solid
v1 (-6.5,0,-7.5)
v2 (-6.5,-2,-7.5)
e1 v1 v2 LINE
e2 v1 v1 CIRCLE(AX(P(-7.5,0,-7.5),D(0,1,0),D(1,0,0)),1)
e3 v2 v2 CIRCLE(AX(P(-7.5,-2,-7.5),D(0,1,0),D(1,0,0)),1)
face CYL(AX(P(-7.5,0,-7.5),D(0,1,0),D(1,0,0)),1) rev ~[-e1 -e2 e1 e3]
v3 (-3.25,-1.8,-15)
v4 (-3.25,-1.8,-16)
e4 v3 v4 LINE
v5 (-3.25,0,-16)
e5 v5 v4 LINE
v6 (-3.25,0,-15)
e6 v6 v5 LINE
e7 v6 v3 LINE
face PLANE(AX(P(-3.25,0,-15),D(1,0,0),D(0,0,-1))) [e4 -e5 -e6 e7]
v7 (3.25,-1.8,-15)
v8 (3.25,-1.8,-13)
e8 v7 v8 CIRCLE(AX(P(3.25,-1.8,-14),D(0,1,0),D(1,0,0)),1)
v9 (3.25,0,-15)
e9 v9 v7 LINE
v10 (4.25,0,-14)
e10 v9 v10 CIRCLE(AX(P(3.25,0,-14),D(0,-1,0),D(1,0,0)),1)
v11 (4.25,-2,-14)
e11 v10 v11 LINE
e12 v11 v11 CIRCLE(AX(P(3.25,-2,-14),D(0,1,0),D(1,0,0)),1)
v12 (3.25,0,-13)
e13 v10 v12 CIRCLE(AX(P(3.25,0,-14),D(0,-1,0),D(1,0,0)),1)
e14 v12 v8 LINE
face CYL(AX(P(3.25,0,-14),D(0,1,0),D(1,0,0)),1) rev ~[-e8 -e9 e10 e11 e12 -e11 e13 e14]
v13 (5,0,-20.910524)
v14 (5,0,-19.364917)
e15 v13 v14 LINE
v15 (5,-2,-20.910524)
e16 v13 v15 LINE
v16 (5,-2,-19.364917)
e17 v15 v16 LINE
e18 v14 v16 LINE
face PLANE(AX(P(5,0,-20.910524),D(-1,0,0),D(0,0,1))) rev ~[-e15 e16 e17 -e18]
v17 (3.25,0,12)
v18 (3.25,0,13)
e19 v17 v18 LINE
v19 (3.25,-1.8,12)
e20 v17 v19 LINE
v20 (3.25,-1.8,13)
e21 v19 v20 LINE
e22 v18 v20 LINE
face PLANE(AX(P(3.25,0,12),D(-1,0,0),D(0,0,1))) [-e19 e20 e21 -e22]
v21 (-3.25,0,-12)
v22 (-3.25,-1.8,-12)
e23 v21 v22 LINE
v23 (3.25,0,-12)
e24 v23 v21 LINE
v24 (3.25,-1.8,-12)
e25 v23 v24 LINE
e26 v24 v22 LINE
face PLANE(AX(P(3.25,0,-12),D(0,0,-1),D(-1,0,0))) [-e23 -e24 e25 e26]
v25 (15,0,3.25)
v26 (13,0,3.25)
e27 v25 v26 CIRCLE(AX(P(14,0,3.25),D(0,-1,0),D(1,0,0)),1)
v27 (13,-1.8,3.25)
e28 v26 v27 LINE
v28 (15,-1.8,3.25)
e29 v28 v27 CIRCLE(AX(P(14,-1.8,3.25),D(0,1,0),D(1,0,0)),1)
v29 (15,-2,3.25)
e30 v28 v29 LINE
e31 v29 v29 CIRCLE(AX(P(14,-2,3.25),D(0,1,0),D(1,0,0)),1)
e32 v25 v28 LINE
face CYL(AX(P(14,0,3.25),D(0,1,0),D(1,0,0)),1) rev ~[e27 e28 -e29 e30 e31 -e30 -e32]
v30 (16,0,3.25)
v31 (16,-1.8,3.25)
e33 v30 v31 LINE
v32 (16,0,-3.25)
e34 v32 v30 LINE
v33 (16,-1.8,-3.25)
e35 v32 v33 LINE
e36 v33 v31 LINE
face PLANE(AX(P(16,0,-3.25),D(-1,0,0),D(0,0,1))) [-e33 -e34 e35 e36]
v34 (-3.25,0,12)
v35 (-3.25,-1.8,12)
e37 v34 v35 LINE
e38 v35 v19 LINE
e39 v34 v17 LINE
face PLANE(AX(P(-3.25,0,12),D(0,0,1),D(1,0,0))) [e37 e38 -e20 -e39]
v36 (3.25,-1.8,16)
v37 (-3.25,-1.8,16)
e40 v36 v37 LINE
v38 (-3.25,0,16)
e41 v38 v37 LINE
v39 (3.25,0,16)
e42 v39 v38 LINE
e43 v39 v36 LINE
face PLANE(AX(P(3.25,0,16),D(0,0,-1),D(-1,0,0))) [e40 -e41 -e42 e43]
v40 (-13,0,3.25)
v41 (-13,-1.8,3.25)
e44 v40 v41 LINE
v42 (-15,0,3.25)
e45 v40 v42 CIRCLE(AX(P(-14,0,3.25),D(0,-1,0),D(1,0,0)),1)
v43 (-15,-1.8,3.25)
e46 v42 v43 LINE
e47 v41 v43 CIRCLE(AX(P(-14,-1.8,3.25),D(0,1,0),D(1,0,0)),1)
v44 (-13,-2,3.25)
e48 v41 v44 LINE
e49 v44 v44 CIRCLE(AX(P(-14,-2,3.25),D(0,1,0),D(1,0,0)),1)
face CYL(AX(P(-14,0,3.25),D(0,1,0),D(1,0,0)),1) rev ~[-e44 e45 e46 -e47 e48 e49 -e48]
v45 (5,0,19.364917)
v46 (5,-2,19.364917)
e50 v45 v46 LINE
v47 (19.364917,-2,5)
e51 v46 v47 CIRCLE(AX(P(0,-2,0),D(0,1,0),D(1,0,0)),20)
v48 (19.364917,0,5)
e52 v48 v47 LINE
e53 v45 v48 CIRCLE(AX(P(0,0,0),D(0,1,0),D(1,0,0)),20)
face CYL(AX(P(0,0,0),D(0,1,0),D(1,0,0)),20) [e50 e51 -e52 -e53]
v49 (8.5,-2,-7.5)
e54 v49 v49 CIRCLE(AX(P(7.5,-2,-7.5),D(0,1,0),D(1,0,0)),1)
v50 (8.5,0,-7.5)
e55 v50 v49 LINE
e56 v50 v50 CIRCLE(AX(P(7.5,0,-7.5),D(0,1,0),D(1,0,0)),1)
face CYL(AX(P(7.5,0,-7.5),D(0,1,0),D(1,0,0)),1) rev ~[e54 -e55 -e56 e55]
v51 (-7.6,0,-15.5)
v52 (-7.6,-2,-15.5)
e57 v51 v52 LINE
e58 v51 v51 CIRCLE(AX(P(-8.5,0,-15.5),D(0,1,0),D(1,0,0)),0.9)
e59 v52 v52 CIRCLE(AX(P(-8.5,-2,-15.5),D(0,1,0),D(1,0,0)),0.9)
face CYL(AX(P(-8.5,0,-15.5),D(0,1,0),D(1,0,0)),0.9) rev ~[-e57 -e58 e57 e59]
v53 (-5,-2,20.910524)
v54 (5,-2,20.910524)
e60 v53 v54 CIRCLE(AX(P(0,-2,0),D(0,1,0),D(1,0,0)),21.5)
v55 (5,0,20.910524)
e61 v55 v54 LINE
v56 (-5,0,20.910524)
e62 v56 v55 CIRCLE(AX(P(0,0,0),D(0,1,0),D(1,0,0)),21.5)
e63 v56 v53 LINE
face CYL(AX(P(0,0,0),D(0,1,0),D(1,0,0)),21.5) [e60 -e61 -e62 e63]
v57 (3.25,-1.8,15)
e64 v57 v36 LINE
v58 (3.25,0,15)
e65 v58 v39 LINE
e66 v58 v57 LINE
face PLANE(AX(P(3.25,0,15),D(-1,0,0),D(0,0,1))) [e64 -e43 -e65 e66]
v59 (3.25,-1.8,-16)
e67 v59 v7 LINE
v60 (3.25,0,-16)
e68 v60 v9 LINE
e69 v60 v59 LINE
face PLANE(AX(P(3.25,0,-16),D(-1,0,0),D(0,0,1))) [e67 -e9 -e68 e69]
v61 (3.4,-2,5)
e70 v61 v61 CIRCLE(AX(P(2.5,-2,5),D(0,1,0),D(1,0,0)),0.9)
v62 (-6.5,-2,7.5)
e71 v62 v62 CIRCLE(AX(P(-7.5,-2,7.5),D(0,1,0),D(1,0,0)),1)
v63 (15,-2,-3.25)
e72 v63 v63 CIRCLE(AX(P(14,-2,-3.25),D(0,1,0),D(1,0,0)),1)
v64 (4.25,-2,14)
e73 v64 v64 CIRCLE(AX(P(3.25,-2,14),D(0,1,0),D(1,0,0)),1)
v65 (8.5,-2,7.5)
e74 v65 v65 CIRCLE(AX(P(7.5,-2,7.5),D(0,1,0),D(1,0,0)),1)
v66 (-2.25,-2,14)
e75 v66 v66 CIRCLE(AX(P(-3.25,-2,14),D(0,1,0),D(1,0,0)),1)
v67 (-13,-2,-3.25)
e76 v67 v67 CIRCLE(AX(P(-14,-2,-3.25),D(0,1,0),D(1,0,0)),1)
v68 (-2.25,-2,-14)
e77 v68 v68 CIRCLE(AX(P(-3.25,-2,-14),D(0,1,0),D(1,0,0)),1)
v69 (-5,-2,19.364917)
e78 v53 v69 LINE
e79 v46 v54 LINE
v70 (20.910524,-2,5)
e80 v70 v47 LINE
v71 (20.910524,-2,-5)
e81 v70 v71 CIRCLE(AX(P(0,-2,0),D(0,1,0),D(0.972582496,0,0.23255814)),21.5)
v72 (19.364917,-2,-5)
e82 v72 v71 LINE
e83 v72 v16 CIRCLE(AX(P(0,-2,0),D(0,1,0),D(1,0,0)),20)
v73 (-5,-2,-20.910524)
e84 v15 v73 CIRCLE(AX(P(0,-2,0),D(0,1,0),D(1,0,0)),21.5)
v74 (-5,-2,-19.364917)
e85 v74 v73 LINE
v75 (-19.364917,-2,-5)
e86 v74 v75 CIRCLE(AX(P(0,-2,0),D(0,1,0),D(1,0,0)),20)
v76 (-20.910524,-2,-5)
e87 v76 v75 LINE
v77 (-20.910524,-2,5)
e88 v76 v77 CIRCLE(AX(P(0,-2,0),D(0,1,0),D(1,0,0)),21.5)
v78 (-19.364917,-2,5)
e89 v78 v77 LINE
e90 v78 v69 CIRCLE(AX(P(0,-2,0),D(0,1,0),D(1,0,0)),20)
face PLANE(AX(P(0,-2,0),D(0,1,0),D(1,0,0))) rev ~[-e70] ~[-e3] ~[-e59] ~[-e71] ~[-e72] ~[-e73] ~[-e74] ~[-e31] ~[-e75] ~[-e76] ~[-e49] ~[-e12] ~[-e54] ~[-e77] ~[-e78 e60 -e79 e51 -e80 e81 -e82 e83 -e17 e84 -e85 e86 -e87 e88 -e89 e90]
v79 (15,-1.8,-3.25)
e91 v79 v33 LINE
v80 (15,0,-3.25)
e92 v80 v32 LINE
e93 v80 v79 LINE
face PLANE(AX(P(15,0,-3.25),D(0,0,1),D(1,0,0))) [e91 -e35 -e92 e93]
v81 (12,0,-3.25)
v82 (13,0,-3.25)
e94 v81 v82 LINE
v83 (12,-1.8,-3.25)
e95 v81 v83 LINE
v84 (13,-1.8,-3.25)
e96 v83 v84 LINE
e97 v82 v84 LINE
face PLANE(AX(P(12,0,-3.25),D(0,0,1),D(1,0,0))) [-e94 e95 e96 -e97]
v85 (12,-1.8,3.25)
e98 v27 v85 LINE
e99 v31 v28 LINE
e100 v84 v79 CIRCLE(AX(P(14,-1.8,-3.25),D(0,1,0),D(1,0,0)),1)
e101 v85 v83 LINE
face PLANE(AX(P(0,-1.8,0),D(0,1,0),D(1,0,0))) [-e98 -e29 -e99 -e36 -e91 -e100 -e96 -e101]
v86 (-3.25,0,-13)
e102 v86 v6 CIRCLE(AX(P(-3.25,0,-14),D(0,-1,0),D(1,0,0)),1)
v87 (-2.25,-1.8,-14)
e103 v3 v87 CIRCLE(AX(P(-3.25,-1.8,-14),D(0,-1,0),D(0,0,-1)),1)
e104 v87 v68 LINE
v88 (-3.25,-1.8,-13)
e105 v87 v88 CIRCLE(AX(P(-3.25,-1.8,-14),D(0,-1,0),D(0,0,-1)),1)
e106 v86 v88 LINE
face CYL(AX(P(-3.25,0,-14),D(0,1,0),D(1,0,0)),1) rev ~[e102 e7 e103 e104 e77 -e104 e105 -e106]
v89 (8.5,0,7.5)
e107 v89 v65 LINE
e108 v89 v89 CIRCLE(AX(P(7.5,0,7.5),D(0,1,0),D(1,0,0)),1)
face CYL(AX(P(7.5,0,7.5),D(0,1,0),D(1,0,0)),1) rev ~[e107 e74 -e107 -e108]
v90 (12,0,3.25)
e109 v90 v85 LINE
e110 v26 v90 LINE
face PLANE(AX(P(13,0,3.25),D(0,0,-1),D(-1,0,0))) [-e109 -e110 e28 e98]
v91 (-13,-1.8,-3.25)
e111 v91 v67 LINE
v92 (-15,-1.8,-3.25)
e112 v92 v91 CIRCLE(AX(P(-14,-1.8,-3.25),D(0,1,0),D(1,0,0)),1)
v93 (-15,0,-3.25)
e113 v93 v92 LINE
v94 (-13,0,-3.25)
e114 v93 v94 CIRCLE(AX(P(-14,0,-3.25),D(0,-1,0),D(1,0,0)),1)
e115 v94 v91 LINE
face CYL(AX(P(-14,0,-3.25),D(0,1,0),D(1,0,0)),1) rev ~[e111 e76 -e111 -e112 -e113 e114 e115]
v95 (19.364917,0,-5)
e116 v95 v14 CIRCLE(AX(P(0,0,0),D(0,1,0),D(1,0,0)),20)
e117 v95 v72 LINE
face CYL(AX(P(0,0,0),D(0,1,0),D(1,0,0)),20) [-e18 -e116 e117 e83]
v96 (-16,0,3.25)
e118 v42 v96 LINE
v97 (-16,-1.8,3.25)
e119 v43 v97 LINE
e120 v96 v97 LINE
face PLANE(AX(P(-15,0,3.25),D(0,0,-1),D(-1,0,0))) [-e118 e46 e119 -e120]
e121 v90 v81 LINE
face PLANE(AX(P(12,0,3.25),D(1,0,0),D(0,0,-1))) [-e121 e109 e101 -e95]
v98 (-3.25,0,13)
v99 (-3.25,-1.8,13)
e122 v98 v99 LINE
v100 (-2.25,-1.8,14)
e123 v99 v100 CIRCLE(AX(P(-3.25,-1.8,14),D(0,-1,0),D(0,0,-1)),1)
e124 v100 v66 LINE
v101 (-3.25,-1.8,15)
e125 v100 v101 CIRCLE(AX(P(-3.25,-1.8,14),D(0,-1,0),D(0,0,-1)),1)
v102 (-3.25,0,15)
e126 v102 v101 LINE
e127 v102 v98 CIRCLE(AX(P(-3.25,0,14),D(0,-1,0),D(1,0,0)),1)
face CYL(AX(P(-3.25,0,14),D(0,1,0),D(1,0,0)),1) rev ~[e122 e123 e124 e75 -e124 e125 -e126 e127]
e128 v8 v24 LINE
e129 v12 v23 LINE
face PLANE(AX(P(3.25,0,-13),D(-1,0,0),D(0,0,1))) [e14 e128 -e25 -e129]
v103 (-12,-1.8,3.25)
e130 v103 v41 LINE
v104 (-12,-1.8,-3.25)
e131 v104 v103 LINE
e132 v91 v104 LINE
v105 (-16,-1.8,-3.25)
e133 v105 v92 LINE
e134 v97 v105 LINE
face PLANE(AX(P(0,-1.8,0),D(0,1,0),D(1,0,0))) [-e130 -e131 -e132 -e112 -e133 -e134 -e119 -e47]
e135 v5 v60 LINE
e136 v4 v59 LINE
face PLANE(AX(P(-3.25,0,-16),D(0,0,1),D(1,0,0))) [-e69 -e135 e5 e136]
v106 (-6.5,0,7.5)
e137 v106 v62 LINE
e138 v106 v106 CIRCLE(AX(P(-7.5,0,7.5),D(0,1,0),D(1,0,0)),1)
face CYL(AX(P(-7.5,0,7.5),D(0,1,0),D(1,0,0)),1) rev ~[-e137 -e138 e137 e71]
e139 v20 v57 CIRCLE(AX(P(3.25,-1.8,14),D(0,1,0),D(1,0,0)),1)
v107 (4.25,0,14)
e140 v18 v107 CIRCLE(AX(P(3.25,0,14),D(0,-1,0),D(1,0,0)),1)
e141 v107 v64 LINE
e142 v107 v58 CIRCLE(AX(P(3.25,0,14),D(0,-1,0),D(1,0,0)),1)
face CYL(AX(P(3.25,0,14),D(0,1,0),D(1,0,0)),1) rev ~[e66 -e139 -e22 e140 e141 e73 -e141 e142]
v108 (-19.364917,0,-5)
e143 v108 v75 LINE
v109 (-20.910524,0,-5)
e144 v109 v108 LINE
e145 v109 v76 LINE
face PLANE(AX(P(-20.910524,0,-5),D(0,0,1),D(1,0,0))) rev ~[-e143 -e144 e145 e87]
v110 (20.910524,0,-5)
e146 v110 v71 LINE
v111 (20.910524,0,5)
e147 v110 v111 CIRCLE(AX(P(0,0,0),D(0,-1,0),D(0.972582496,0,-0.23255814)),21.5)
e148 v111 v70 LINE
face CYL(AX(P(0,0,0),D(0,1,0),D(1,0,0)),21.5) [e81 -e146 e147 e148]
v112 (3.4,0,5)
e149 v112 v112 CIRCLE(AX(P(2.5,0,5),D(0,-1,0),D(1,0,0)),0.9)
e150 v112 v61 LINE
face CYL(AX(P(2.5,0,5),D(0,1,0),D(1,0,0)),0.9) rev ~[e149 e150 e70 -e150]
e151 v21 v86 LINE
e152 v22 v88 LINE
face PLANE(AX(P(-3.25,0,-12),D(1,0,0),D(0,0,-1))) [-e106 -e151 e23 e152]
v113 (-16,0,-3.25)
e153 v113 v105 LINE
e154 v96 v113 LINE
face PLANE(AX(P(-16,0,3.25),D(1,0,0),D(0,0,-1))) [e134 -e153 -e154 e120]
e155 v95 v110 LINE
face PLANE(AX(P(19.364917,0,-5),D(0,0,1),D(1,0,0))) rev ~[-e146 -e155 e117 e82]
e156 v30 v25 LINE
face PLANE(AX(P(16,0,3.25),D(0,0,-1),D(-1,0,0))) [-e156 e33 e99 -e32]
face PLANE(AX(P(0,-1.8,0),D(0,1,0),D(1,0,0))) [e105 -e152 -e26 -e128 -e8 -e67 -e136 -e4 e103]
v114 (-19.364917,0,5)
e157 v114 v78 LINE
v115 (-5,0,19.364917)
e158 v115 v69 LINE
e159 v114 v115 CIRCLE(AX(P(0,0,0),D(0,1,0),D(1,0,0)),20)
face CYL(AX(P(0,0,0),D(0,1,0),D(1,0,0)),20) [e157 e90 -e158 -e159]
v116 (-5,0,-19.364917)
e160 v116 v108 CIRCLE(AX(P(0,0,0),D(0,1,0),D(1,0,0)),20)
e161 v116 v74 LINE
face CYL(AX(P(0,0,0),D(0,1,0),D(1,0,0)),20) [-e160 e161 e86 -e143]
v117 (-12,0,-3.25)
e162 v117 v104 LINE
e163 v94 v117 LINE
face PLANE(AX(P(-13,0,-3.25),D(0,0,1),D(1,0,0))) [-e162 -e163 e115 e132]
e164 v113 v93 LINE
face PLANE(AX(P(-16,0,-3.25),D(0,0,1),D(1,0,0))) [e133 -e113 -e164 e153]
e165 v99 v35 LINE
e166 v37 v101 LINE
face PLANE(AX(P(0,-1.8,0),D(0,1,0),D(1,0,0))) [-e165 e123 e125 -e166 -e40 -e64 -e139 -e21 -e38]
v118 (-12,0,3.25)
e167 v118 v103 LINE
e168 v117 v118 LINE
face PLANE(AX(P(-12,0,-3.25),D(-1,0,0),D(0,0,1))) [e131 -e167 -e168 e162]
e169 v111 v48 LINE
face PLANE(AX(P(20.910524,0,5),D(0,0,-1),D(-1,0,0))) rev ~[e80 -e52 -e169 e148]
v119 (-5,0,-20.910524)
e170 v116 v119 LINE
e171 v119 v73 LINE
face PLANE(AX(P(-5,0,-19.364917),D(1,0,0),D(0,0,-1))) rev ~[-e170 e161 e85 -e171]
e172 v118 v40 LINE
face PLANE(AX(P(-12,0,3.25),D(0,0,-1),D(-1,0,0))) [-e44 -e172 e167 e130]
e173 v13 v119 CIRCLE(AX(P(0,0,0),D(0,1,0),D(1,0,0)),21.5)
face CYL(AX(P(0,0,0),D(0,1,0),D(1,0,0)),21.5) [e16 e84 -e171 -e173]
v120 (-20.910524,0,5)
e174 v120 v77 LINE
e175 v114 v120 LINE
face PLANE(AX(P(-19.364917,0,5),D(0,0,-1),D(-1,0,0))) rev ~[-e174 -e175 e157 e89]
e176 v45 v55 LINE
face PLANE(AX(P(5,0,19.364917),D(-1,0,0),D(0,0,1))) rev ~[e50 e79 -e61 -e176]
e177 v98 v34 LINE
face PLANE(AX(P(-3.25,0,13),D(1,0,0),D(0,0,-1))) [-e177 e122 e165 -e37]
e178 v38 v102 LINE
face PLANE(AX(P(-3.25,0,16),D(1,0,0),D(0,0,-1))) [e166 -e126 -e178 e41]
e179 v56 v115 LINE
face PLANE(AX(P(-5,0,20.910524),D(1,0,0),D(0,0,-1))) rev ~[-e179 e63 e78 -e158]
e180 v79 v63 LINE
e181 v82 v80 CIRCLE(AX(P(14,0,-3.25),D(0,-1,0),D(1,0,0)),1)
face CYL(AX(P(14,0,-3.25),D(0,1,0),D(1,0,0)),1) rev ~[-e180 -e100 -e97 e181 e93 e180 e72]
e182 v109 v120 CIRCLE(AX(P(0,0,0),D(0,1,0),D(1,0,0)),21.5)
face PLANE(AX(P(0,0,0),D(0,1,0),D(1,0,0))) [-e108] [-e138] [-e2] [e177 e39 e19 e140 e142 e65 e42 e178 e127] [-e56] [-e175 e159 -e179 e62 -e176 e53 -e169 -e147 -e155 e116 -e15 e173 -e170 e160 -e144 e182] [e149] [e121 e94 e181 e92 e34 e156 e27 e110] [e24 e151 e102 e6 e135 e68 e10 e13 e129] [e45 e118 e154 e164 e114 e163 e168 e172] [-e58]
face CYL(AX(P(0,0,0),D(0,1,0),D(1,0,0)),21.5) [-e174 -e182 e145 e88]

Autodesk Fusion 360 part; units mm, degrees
sketch "Plate" plane through (0, 0, 0) normal (0, 1, 0) x (1, 0, 0)
  circle A0 centre (0, 0) radius 21.5
  circle A1 centre (0, 0) radius 20
  line L0 (5, -23) -> (-5, -23)
  line L1 (-5, -23) -> (-5, 23)
  line L2 (-5, 23) -> (5, 23)
  line L3 (5, 23) -> (5, -23)
  line L4 (23, -5) -> (-23, -5)
  line L5 (-23, -5) -> (-23, 5)
  line L6 (-23, 5) -> (23, 5)
  line L7 (23, 5) -> (23, -5)
  line L8 (7.5, -7.5) -> (-7.5, -7.5) construction
  line L9 (-7.5, -7.5) -> (-7.5, 7.5) construction
  line L10 (-7.5, 7.5) -> (7.5, 7.5) construction
  line L11 (7.5, 7.5) -> (7.5, -7.5) construction
  line L12 (7.5, -7.5) -> (-7.5, 7.5) construction
  line L13 (-7.5, -7.5) -> (7.5, 7.5) construction
  circle A2 centre (7.5, 7.5) radius 1
  circle A3 centre (7.5, -7.5) radius 1
  circle A4 centre (-7.5, -7.5) radius 1
  circle A5 centre (-7.5, 7.5) radius 1
  circle A6 centre (2.5, -5) radius 0.9
  circle A7 centre (-8.5, 15.5) radius 0.9
  dimension "d1" = 43
  dimension "d2" = 40
  dimension "d3" = 10
  dimension "d4" = 46
  dimension "d5" = 10
  dimension "d6" = 15
  dimension "d7" = 15
  dimension "d8" = 2
  dimension "d9" = 2
  dimension "d10" = 2
  dimension "d11" = 2
  dimension "d12" = 1.8
  dimension "d13" = 1.8
extrude "Extrude1" add sketch "Plate" against normal blind 2 contours A0 A1 L4 L6 | A0 A1 L1 L3 | A1 L3 L6 | A1 L3 L4 L6 | A0 A1 L1 L3 | A1 L3 L4 | A1 L1 L3 L6 | L1 L3 L4 L6 A6 | A1 L1 L3 L4 A6 | A0 A1 L4 L6 | A1 L1 L6 | A1 L1 L4 L6 | A1 L1 L4
sketch "Buttons" plane through (0, 0, 0) normal (0, 1, 0) x (1, 0, 0)
  line L0 (16, -3.25) -> (12, -3.25)
  line L1 (12, -3.25) -> (12, 3.25)
  line L2 (12, 3.25) -> (16, 3.25)
  line L3 (16, 3.25) -> (16, -3.25)
  line L4 (16, -3.25) -> (12, 3.25) construction
  line L5 (12, -3.25) -> (16, 3.25) construction
  circle A0 centre (14, 3.25) radius 1
  circle A1 centre (14, -3.25) radius 1
  circle A2 centre (-3.25, 14) radius 1
  circle A3 centre (3.25, 14) radius 1
  line L6 (3.25, 12) -> (-3.25, 12)
  line L7 (-3.25, 12) -> (-3.25, 16)
  line L8 (3.25, 16) -> (3.25, 12)
  line L9 (-3.25, 16) -> (3.25, 16)
  circle A4 centre (-14, -3.25) radius 1
  circle A5 centre (-14, 3.25) radius 1
  line L10 (-12, 3.25) -> (-12, -3.25)
  line L11 (-12, -3.25) -> (-16, -3.25)
  line L12 (-16, 3.25) -> (-12, 3.25)
  line L13 (-16, -3.25) -> (-16, 3.25)
  circle A6 centre (3.25, -14) radius 1
  circle A7 centre (-3.25, -14) radius 1
  line L14 (-3.25, -12) -> (3.25, -12)
  line L15 (3.25, -12) -> (3.25, -16)
  line L16 (-3.25, -16) -> (-3.25, -12)
  line L17 (3.25, -16) -> (-3.25, -16)
  point P0 (14, 0)
  dimension "d16" = 4
  dimension "d17" = 6.5
  dimension "d18" = 2
  dimension "d19" = 2
  dimension "d21" = 360
extrude "Extrude2" cut sketch "Buttons" against normal blind 1.8 contours L0 L1 L2 L3 A0 A1 | A2 A3 L6 L7 L8 L9 | A4 A5 L10 L11 L12 L13 | A6 A7 L14 L15 L16 L17
extrude "Extrude3" cut sketch "Buttons" against normal blind 3 contours L0 A1 | L0 A1 | L2 A0 | L2 A0 | A2 L7 | A2 L7 | A3 L8 | A3 L8 | A4 L11 | A4 L11 | A5 L12 | A5 L12 | A6 L15 | A6 L15 | A7 L16 | A7 L16
